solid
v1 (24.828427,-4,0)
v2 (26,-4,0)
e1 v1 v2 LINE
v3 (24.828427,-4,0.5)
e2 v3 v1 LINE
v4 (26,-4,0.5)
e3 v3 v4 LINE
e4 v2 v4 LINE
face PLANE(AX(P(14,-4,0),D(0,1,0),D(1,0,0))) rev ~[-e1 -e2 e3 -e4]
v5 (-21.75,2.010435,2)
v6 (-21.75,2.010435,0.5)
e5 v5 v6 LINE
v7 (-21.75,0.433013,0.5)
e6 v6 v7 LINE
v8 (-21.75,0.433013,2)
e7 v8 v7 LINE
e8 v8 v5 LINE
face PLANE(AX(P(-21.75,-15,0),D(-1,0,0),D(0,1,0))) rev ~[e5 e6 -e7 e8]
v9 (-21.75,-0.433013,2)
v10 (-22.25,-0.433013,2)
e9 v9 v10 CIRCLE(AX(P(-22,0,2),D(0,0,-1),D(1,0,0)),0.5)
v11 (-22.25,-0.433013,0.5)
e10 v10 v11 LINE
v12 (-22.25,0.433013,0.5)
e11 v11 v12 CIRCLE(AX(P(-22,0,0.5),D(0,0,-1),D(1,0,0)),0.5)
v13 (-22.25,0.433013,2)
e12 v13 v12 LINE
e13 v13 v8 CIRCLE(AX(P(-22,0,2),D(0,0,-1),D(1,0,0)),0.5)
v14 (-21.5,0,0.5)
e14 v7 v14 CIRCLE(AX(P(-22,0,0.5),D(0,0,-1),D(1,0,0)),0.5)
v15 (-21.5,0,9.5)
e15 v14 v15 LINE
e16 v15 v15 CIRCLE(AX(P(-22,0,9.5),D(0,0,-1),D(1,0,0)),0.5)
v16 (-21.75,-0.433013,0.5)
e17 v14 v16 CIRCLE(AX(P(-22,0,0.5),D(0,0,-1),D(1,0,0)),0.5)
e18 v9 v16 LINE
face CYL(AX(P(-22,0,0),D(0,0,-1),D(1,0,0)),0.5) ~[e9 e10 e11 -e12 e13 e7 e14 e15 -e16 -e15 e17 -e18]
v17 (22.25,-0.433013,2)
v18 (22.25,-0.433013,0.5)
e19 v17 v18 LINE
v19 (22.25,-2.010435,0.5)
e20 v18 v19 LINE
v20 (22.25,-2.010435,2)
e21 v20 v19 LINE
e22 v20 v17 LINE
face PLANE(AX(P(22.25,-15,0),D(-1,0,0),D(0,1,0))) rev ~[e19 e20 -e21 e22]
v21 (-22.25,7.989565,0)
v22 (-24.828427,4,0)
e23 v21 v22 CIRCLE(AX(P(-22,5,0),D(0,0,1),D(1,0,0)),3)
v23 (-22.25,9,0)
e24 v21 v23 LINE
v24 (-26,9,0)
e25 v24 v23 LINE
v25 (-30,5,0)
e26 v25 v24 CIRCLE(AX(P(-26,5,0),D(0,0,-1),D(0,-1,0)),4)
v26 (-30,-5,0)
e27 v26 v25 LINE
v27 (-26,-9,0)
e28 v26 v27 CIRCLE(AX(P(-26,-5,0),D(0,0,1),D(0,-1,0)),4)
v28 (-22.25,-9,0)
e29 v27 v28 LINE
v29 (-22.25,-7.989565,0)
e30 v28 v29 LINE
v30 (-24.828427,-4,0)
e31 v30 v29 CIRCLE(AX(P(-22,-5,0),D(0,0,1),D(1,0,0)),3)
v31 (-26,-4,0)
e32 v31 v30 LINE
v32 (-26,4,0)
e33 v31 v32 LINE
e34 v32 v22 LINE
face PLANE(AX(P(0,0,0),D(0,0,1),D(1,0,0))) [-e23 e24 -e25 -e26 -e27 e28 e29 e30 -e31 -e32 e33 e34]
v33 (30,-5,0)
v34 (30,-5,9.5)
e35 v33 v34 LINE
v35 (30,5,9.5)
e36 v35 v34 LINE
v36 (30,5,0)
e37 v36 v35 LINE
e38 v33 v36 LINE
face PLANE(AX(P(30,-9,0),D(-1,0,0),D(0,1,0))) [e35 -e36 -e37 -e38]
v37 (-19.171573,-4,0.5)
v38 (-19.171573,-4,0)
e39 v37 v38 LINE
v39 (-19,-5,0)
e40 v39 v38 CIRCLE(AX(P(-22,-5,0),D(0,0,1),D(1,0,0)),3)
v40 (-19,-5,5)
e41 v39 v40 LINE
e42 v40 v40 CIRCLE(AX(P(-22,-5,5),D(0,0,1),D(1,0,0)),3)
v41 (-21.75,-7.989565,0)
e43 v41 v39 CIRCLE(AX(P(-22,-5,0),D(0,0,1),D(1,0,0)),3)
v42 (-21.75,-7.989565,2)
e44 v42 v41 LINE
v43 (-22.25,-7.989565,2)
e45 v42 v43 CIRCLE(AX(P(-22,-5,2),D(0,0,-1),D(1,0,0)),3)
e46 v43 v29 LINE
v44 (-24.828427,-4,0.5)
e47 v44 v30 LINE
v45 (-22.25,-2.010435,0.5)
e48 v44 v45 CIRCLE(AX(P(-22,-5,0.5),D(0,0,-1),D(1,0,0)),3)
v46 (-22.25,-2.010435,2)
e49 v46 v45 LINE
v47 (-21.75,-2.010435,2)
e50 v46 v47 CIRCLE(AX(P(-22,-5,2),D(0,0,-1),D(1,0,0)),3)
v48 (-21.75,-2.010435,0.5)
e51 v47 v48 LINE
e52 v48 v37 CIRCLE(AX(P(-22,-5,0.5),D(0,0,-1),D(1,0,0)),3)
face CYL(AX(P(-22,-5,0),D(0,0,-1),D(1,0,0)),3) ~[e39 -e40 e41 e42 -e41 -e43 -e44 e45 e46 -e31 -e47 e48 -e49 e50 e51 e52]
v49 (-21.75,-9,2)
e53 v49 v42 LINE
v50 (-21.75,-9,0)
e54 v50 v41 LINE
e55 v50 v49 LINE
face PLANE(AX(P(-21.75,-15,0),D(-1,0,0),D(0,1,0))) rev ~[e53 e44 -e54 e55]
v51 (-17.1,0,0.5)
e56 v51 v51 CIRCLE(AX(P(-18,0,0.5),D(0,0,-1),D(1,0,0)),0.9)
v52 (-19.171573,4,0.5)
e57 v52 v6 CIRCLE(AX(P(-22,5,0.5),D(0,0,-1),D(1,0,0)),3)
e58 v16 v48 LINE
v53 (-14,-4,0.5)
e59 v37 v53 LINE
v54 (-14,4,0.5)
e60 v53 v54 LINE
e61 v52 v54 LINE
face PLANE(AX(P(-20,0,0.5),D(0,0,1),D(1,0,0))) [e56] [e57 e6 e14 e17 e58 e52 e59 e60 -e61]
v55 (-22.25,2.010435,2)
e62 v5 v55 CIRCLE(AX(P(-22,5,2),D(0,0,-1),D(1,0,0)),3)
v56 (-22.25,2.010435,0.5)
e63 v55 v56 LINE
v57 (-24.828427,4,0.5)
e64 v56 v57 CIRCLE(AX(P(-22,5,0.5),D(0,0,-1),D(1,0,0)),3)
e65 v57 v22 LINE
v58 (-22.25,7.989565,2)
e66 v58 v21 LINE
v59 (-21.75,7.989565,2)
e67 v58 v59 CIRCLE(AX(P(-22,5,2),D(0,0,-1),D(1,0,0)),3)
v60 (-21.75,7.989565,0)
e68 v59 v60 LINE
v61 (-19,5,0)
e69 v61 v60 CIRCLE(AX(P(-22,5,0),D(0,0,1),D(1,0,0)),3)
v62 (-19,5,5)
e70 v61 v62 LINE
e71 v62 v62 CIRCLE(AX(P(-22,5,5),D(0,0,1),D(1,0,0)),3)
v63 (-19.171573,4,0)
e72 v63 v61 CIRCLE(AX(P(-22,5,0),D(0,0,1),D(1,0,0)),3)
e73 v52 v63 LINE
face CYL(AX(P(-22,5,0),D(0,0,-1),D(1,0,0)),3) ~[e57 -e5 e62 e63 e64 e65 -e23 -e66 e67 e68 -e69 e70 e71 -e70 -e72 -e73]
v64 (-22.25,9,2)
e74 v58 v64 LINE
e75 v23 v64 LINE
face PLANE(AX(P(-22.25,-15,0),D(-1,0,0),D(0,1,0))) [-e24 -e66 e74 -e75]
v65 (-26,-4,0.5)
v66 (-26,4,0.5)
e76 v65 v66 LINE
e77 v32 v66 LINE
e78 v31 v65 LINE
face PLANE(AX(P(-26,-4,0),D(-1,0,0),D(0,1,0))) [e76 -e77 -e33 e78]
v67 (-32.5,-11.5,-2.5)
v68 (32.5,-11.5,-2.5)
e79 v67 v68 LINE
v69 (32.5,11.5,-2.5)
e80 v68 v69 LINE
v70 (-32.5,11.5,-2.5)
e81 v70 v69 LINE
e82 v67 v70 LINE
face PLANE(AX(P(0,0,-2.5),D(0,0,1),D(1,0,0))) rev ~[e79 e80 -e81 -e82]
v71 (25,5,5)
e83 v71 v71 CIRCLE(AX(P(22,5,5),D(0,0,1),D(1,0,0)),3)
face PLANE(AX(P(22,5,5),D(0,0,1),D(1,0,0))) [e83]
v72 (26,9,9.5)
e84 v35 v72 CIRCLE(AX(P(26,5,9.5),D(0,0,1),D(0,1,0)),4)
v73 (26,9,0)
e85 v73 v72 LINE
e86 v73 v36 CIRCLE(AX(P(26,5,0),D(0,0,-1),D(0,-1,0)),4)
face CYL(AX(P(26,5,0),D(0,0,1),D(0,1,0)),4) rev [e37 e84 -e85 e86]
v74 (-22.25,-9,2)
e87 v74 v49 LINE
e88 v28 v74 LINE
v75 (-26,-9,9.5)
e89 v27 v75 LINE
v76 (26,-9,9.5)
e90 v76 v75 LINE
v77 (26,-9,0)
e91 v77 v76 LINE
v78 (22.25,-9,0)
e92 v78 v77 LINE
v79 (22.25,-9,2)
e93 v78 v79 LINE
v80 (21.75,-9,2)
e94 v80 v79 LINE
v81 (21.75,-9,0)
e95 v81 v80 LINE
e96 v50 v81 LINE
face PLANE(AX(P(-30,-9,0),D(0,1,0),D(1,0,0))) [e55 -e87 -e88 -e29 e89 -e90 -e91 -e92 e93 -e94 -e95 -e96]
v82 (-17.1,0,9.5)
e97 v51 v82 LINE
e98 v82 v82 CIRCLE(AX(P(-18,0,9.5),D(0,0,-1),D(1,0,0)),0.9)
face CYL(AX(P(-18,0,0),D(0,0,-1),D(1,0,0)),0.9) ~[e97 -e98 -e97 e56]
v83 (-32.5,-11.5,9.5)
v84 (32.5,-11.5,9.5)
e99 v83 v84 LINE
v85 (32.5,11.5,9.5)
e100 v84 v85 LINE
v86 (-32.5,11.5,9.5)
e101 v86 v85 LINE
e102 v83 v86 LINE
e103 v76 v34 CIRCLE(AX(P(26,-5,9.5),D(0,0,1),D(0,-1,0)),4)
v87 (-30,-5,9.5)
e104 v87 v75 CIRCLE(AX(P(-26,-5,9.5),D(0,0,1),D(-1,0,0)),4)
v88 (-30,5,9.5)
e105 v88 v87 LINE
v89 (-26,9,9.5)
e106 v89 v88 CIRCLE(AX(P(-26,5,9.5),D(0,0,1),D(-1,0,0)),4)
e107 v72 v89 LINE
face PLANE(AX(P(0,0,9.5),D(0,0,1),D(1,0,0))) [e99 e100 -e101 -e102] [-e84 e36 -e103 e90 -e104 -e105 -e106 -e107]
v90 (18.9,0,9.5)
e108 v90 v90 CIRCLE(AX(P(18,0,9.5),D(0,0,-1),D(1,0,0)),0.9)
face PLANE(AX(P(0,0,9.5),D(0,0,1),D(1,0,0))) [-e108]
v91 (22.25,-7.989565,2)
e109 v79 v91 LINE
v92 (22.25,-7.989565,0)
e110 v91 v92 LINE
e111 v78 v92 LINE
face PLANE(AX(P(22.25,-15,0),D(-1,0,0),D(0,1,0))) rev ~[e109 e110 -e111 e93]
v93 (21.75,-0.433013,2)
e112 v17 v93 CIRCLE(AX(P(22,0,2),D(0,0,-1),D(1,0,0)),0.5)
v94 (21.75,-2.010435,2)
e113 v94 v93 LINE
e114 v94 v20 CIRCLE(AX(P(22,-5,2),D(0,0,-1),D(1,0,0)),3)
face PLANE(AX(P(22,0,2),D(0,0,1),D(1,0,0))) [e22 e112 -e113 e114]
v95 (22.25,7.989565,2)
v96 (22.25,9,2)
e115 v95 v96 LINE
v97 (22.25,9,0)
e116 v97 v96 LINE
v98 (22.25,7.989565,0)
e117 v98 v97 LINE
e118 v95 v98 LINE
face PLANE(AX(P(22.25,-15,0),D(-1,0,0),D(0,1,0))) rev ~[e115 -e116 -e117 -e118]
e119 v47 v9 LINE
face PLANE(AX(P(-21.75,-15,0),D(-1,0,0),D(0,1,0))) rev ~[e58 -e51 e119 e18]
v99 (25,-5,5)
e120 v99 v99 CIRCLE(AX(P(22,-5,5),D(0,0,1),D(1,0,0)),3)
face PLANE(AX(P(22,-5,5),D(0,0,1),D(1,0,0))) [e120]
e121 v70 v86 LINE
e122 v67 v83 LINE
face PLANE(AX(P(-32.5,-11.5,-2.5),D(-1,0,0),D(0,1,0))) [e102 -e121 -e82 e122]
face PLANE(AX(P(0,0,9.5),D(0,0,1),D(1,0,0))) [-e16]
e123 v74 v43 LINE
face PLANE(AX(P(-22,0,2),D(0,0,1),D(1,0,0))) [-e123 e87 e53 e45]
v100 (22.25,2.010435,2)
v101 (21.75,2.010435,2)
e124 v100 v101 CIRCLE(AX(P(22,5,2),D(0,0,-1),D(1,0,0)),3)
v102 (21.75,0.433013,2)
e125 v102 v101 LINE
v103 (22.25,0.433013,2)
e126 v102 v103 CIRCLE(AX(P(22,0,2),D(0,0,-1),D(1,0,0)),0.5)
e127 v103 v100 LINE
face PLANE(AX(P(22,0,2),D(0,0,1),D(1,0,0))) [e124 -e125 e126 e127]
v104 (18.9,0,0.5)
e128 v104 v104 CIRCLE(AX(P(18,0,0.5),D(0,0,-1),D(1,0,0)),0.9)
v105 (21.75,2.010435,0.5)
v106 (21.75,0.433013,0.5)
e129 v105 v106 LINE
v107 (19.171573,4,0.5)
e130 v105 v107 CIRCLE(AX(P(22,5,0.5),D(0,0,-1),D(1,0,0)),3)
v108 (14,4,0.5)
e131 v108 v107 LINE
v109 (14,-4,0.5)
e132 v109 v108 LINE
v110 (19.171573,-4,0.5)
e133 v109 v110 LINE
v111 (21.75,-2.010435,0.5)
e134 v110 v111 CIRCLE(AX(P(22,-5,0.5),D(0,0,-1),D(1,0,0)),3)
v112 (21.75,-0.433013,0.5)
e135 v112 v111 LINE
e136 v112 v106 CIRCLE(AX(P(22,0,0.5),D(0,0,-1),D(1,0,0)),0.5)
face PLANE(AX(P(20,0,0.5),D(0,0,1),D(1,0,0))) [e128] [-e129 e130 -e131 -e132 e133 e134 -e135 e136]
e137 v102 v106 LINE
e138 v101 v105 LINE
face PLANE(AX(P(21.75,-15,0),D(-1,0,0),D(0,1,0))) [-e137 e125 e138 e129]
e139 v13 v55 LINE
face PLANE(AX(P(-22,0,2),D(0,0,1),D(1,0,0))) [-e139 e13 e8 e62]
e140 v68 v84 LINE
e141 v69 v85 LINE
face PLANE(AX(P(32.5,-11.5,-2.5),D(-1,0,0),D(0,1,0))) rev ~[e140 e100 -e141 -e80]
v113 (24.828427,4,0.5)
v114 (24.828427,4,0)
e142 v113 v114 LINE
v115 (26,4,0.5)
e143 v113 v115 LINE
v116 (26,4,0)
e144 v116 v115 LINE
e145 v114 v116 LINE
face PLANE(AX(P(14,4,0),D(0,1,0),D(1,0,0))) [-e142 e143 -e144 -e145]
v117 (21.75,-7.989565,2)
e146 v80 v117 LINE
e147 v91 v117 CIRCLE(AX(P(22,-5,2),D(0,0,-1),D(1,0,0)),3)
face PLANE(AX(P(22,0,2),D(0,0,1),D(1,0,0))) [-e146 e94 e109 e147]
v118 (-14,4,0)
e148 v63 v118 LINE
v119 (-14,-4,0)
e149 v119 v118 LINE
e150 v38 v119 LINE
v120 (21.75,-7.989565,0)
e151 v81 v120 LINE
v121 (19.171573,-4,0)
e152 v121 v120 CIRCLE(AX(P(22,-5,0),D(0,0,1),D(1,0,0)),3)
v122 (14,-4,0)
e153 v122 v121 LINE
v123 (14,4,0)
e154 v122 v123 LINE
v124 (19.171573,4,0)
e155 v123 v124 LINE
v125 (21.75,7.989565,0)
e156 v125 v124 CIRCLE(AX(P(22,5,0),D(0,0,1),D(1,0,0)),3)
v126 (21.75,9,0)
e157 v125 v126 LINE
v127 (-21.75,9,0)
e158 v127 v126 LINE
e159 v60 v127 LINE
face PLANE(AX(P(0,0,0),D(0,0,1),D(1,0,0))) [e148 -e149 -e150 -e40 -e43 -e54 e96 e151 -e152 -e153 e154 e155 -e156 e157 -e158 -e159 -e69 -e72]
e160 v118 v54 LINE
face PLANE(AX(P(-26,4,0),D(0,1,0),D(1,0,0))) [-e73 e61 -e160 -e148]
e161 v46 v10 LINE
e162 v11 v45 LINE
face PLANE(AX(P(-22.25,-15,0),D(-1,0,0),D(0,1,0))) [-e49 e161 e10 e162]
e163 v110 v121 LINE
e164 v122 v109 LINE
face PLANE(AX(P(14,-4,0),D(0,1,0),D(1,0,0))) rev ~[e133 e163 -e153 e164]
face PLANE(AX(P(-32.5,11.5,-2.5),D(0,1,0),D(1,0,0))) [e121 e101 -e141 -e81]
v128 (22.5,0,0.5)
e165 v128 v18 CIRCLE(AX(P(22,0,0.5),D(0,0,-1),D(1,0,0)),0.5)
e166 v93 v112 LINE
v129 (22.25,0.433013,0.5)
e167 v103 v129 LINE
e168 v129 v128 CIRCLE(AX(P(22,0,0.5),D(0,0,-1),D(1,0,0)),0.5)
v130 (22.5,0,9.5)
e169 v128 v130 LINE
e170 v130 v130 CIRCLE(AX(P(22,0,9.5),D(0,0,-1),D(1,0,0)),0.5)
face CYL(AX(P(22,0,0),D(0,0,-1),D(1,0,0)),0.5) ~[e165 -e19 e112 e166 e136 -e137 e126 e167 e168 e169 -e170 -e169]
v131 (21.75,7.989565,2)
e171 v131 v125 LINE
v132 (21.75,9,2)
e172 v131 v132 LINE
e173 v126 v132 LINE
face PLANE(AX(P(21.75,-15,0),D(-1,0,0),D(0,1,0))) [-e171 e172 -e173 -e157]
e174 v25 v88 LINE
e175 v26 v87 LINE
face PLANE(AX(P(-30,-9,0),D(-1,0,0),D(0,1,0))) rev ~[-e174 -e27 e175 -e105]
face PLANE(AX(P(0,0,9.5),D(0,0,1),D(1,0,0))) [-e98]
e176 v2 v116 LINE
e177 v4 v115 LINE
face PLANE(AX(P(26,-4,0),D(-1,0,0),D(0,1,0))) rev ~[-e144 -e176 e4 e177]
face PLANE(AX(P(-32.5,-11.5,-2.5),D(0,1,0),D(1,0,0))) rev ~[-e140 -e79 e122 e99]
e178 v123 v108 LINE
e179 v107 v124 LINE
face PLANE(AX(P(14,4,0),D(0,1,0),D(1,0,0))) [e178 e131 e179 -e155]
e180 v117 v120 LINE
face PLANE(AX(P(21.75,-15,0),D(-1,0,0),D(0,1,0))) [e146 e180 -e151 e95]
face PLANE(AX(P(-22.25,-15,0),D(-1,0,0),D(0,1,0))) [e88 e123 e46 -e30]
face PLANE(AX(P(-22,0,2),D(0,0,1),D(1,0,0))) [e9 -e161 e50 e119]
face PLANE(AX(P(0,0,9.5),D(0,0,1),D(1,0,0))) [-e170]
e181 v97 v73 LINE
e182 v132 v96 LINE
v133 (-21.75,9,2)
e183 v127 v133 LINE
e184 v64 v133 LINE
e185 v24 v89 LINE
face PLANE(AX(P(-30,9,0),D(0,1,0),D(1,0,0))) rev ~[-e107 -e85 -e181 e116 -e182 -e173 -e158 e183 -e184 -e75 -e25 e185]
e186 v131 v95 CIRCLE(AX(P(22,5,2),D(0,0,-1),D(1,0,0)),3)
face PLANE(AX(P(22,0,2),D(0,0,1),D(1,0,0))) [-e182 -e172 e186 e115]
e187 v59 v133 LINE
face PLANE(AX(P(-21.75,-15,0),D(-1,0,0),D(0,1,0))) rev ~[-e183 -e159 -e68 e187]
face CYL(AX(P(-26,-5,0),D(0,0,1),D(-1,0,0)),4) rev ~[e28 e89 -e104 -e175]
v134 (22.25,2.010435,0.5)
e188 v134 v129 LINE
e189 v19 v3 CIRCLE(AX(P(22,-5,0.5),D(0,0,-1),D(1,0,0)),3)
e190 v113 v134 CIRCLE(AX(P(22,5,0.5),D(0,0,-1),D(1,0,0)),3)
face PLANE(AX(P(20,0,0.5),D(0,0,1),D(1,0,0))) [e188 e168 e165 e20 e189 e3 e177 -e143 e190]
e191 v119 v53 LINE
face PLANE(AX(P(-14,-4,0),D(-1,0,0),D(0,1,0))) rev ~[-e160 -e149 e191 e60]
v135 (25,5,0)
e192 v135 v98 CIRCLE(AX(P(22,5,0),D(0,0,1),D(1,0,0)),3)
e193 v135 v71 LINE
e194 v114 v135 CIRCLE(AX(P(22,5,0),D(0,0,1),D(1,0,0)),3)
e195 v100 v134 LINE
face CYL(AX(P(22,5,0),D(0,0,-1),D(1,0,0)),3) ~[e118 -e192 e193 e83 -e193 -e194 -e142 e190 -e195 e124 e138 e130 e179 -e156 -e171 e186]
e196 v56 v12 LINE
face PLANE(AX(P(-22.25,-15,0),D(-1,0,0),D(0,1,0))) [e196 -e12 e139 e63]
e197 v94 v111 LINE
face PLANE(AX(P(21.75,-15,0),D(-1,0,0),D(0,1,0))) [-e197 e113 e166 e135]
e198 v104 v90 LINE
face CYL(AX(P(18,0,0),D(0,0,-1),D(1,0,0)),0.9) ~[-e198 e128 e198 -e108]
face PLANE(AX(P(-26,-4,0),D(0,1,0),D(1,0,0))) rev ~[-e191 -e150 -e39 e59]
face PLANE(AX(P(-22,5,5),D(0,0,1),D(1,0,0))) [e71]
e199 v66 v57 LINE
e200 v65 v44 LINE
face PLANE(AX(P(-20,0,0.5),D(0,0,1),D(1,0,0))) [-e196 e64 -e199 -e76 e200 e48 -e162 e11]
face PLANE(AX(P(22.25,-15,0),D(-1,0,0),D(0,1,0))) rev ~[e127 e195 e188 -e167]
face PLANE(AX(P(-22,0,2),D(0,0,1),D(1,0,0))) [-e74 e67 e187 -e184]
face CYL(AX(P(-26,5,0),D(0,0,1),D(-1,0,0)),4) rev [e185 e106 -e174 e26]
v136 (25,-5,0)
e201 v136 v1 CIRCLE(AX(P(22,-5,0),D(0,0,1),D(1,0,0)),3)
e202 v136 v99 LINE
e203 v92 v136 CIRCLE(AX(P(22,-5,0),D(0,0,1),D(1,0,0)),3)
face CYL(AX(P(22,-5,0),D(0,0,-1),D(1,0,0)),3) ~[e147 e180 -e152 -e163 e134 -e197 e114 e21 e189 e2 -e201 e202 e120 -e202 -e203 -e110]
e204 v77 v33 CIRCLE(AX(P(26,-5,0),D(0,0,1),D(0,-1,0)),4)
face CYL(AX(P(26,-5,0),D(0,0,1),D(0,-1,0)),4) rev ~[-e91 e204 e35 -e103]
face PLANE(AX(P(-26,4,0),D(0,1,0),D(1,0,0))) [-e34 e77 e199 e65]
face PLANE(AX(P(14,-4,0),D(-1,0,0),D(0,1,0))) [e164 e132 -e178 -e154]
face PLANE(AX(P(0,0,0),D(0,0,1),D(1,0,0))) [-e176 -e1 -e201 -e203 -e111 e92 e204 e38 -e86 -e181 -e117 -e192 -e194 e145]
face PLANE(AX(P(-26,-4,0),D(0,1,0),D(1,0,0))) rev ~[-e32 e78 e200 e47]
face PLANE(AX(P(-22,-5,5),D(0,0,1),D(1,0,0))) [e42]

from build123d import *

# Parameters (mm, degrees)
SKETCH001_W  = 12
SKETCH001_H  = 8
PAD001_DEPTH = 0.5
BOX001_W     = 0.5
BOX001_H     = 30
BOX001_DEPTH = 2
BOX_W        = 0.5
BOX_H        = 30
BOX_DEPTH    = 2
SKETCH002_R  = 3
PAD002_DEPTH = 5
SKETCH_W     = 60
SKETCH_H     = 18
SKETCH_R     = 0.9
SKETCH_R_2   = 0.5
PAD_DEPTH    = 10
FILLET_R     = 4
BOX002_W     = 65
BOX002_H     = 23
BOX002_DEPTH = 12


with BuildPart() as axle_retainer_cutout:
    # Sketch001 → Pad001 (new body)
    with BuildSketch(Plane.XY):
        with Locations((-20, 0)):
            Rectangle(SKETCH001_W, SKETCH001_H)
        with Locations((20, 0)):
            Rectangle(SKETCH001_W, SKETCH001_H)
    extrude(amount=PAD001_DEPTH)


with BuildPart() as axle2_cutouts:
    # Box001 → Box001 (new body)
    with BuildSketch(Plane(origin=(-22.25, -15, 0), x_dir=(1, 0, 0), z_dir=(0, 0, 1))):
        with Locations((0.25, 15)):
            Rectangle(BOX001_W, BOX001_H)
    extrude(amount=BOX001_DEPTH)


with BuildPart() as axle1_cutouts:
    # Box → Box (new body)
    with BuildSketch(Plane(origin=(21.75, -15, 0), x_dir=(1, 0, 0), z_dir=(0, 0, 1))):
        with Locations((0.25, 15)):
            Rectangle(BOX_W, BOX_H)
    extrude(amount=BOX_DEPTH)


with BuildPart() as cutouts:
    # Sketch002 → Pad002 (new body)
    with BuildSketch(Plane.XY):
        with Locations((-22, 5)):
            Circle(SKETCH002_R)
        with Locations((-22, -5)):
            Circle(SKETCH002_R)
        with Locations((22, 5)):
            Circle(SKETCH002_R)
        with Locations((22, -5)):
            Circle(SKETCH002_R)
    extrude(amount=PAD002_DEPTH)

    # Fusion: union axle_retainer_cutout, Axle2 cutouts, Axle1 cutouts
    add(axle_retainer_cutout.part)
    add(axle2_cutouts.part)
    add(axle1_cutouts.part)


with BuildPart() as fillet_body:
    # Sketch → Pad (new body)
    with BuildSketch(Plane.XY):
        Rectangle(SKETCH_W, SKETCH_H)
        with Locations((-18, 0)):
            Circle(SKETCH_R, mode=Mode.SUBTRACT)
        with Locations((18, 0)):
            Circle(SKETCH_R, mode=Mode.SUBTRACT)
        with Locations((-22, 0)):
            Circle(SKETCH_R_2, mode=Mode.SUBTRACT)
        with Locations((22, 0)):
            Circle(SKETCH_R_2, mode=Mode.SUBTRACT)
    extrude(amount=PAD_DEPTH)

    # Cut: cut Cutouts
    add(cutouts.part, mode=Mode.SUBTRACT)

    # Fillet
    fillet_edges = [fillet_body.edges().sort_by_distance(p)[0] for p in [
        (-30, -9, 5),
        (30, -9, 5),
        (30, 9, 5),
        (-30, 9, 5),
    ]]
    fillet(fillet_edges, radius=FILLET_R)


with BuildPart() as cut001:
    # Box002 → Box002 (new body)
    with BuildSketch(Plane(origin=(-32.5, -11.5, -2.5), x_dir=(1, 0, 0), z_dir=(0, 0, 1))):
        with Locations((32.5, 11.5)):
            Rectangle(BOX002_W, BOX002_H)
    extrude(amount=BOX002_DEPTH)

    # Cut001: cut Fillet body
    add(fillet_body.part, mode=Mode.SUBTRACT)


solid = cut001.part
